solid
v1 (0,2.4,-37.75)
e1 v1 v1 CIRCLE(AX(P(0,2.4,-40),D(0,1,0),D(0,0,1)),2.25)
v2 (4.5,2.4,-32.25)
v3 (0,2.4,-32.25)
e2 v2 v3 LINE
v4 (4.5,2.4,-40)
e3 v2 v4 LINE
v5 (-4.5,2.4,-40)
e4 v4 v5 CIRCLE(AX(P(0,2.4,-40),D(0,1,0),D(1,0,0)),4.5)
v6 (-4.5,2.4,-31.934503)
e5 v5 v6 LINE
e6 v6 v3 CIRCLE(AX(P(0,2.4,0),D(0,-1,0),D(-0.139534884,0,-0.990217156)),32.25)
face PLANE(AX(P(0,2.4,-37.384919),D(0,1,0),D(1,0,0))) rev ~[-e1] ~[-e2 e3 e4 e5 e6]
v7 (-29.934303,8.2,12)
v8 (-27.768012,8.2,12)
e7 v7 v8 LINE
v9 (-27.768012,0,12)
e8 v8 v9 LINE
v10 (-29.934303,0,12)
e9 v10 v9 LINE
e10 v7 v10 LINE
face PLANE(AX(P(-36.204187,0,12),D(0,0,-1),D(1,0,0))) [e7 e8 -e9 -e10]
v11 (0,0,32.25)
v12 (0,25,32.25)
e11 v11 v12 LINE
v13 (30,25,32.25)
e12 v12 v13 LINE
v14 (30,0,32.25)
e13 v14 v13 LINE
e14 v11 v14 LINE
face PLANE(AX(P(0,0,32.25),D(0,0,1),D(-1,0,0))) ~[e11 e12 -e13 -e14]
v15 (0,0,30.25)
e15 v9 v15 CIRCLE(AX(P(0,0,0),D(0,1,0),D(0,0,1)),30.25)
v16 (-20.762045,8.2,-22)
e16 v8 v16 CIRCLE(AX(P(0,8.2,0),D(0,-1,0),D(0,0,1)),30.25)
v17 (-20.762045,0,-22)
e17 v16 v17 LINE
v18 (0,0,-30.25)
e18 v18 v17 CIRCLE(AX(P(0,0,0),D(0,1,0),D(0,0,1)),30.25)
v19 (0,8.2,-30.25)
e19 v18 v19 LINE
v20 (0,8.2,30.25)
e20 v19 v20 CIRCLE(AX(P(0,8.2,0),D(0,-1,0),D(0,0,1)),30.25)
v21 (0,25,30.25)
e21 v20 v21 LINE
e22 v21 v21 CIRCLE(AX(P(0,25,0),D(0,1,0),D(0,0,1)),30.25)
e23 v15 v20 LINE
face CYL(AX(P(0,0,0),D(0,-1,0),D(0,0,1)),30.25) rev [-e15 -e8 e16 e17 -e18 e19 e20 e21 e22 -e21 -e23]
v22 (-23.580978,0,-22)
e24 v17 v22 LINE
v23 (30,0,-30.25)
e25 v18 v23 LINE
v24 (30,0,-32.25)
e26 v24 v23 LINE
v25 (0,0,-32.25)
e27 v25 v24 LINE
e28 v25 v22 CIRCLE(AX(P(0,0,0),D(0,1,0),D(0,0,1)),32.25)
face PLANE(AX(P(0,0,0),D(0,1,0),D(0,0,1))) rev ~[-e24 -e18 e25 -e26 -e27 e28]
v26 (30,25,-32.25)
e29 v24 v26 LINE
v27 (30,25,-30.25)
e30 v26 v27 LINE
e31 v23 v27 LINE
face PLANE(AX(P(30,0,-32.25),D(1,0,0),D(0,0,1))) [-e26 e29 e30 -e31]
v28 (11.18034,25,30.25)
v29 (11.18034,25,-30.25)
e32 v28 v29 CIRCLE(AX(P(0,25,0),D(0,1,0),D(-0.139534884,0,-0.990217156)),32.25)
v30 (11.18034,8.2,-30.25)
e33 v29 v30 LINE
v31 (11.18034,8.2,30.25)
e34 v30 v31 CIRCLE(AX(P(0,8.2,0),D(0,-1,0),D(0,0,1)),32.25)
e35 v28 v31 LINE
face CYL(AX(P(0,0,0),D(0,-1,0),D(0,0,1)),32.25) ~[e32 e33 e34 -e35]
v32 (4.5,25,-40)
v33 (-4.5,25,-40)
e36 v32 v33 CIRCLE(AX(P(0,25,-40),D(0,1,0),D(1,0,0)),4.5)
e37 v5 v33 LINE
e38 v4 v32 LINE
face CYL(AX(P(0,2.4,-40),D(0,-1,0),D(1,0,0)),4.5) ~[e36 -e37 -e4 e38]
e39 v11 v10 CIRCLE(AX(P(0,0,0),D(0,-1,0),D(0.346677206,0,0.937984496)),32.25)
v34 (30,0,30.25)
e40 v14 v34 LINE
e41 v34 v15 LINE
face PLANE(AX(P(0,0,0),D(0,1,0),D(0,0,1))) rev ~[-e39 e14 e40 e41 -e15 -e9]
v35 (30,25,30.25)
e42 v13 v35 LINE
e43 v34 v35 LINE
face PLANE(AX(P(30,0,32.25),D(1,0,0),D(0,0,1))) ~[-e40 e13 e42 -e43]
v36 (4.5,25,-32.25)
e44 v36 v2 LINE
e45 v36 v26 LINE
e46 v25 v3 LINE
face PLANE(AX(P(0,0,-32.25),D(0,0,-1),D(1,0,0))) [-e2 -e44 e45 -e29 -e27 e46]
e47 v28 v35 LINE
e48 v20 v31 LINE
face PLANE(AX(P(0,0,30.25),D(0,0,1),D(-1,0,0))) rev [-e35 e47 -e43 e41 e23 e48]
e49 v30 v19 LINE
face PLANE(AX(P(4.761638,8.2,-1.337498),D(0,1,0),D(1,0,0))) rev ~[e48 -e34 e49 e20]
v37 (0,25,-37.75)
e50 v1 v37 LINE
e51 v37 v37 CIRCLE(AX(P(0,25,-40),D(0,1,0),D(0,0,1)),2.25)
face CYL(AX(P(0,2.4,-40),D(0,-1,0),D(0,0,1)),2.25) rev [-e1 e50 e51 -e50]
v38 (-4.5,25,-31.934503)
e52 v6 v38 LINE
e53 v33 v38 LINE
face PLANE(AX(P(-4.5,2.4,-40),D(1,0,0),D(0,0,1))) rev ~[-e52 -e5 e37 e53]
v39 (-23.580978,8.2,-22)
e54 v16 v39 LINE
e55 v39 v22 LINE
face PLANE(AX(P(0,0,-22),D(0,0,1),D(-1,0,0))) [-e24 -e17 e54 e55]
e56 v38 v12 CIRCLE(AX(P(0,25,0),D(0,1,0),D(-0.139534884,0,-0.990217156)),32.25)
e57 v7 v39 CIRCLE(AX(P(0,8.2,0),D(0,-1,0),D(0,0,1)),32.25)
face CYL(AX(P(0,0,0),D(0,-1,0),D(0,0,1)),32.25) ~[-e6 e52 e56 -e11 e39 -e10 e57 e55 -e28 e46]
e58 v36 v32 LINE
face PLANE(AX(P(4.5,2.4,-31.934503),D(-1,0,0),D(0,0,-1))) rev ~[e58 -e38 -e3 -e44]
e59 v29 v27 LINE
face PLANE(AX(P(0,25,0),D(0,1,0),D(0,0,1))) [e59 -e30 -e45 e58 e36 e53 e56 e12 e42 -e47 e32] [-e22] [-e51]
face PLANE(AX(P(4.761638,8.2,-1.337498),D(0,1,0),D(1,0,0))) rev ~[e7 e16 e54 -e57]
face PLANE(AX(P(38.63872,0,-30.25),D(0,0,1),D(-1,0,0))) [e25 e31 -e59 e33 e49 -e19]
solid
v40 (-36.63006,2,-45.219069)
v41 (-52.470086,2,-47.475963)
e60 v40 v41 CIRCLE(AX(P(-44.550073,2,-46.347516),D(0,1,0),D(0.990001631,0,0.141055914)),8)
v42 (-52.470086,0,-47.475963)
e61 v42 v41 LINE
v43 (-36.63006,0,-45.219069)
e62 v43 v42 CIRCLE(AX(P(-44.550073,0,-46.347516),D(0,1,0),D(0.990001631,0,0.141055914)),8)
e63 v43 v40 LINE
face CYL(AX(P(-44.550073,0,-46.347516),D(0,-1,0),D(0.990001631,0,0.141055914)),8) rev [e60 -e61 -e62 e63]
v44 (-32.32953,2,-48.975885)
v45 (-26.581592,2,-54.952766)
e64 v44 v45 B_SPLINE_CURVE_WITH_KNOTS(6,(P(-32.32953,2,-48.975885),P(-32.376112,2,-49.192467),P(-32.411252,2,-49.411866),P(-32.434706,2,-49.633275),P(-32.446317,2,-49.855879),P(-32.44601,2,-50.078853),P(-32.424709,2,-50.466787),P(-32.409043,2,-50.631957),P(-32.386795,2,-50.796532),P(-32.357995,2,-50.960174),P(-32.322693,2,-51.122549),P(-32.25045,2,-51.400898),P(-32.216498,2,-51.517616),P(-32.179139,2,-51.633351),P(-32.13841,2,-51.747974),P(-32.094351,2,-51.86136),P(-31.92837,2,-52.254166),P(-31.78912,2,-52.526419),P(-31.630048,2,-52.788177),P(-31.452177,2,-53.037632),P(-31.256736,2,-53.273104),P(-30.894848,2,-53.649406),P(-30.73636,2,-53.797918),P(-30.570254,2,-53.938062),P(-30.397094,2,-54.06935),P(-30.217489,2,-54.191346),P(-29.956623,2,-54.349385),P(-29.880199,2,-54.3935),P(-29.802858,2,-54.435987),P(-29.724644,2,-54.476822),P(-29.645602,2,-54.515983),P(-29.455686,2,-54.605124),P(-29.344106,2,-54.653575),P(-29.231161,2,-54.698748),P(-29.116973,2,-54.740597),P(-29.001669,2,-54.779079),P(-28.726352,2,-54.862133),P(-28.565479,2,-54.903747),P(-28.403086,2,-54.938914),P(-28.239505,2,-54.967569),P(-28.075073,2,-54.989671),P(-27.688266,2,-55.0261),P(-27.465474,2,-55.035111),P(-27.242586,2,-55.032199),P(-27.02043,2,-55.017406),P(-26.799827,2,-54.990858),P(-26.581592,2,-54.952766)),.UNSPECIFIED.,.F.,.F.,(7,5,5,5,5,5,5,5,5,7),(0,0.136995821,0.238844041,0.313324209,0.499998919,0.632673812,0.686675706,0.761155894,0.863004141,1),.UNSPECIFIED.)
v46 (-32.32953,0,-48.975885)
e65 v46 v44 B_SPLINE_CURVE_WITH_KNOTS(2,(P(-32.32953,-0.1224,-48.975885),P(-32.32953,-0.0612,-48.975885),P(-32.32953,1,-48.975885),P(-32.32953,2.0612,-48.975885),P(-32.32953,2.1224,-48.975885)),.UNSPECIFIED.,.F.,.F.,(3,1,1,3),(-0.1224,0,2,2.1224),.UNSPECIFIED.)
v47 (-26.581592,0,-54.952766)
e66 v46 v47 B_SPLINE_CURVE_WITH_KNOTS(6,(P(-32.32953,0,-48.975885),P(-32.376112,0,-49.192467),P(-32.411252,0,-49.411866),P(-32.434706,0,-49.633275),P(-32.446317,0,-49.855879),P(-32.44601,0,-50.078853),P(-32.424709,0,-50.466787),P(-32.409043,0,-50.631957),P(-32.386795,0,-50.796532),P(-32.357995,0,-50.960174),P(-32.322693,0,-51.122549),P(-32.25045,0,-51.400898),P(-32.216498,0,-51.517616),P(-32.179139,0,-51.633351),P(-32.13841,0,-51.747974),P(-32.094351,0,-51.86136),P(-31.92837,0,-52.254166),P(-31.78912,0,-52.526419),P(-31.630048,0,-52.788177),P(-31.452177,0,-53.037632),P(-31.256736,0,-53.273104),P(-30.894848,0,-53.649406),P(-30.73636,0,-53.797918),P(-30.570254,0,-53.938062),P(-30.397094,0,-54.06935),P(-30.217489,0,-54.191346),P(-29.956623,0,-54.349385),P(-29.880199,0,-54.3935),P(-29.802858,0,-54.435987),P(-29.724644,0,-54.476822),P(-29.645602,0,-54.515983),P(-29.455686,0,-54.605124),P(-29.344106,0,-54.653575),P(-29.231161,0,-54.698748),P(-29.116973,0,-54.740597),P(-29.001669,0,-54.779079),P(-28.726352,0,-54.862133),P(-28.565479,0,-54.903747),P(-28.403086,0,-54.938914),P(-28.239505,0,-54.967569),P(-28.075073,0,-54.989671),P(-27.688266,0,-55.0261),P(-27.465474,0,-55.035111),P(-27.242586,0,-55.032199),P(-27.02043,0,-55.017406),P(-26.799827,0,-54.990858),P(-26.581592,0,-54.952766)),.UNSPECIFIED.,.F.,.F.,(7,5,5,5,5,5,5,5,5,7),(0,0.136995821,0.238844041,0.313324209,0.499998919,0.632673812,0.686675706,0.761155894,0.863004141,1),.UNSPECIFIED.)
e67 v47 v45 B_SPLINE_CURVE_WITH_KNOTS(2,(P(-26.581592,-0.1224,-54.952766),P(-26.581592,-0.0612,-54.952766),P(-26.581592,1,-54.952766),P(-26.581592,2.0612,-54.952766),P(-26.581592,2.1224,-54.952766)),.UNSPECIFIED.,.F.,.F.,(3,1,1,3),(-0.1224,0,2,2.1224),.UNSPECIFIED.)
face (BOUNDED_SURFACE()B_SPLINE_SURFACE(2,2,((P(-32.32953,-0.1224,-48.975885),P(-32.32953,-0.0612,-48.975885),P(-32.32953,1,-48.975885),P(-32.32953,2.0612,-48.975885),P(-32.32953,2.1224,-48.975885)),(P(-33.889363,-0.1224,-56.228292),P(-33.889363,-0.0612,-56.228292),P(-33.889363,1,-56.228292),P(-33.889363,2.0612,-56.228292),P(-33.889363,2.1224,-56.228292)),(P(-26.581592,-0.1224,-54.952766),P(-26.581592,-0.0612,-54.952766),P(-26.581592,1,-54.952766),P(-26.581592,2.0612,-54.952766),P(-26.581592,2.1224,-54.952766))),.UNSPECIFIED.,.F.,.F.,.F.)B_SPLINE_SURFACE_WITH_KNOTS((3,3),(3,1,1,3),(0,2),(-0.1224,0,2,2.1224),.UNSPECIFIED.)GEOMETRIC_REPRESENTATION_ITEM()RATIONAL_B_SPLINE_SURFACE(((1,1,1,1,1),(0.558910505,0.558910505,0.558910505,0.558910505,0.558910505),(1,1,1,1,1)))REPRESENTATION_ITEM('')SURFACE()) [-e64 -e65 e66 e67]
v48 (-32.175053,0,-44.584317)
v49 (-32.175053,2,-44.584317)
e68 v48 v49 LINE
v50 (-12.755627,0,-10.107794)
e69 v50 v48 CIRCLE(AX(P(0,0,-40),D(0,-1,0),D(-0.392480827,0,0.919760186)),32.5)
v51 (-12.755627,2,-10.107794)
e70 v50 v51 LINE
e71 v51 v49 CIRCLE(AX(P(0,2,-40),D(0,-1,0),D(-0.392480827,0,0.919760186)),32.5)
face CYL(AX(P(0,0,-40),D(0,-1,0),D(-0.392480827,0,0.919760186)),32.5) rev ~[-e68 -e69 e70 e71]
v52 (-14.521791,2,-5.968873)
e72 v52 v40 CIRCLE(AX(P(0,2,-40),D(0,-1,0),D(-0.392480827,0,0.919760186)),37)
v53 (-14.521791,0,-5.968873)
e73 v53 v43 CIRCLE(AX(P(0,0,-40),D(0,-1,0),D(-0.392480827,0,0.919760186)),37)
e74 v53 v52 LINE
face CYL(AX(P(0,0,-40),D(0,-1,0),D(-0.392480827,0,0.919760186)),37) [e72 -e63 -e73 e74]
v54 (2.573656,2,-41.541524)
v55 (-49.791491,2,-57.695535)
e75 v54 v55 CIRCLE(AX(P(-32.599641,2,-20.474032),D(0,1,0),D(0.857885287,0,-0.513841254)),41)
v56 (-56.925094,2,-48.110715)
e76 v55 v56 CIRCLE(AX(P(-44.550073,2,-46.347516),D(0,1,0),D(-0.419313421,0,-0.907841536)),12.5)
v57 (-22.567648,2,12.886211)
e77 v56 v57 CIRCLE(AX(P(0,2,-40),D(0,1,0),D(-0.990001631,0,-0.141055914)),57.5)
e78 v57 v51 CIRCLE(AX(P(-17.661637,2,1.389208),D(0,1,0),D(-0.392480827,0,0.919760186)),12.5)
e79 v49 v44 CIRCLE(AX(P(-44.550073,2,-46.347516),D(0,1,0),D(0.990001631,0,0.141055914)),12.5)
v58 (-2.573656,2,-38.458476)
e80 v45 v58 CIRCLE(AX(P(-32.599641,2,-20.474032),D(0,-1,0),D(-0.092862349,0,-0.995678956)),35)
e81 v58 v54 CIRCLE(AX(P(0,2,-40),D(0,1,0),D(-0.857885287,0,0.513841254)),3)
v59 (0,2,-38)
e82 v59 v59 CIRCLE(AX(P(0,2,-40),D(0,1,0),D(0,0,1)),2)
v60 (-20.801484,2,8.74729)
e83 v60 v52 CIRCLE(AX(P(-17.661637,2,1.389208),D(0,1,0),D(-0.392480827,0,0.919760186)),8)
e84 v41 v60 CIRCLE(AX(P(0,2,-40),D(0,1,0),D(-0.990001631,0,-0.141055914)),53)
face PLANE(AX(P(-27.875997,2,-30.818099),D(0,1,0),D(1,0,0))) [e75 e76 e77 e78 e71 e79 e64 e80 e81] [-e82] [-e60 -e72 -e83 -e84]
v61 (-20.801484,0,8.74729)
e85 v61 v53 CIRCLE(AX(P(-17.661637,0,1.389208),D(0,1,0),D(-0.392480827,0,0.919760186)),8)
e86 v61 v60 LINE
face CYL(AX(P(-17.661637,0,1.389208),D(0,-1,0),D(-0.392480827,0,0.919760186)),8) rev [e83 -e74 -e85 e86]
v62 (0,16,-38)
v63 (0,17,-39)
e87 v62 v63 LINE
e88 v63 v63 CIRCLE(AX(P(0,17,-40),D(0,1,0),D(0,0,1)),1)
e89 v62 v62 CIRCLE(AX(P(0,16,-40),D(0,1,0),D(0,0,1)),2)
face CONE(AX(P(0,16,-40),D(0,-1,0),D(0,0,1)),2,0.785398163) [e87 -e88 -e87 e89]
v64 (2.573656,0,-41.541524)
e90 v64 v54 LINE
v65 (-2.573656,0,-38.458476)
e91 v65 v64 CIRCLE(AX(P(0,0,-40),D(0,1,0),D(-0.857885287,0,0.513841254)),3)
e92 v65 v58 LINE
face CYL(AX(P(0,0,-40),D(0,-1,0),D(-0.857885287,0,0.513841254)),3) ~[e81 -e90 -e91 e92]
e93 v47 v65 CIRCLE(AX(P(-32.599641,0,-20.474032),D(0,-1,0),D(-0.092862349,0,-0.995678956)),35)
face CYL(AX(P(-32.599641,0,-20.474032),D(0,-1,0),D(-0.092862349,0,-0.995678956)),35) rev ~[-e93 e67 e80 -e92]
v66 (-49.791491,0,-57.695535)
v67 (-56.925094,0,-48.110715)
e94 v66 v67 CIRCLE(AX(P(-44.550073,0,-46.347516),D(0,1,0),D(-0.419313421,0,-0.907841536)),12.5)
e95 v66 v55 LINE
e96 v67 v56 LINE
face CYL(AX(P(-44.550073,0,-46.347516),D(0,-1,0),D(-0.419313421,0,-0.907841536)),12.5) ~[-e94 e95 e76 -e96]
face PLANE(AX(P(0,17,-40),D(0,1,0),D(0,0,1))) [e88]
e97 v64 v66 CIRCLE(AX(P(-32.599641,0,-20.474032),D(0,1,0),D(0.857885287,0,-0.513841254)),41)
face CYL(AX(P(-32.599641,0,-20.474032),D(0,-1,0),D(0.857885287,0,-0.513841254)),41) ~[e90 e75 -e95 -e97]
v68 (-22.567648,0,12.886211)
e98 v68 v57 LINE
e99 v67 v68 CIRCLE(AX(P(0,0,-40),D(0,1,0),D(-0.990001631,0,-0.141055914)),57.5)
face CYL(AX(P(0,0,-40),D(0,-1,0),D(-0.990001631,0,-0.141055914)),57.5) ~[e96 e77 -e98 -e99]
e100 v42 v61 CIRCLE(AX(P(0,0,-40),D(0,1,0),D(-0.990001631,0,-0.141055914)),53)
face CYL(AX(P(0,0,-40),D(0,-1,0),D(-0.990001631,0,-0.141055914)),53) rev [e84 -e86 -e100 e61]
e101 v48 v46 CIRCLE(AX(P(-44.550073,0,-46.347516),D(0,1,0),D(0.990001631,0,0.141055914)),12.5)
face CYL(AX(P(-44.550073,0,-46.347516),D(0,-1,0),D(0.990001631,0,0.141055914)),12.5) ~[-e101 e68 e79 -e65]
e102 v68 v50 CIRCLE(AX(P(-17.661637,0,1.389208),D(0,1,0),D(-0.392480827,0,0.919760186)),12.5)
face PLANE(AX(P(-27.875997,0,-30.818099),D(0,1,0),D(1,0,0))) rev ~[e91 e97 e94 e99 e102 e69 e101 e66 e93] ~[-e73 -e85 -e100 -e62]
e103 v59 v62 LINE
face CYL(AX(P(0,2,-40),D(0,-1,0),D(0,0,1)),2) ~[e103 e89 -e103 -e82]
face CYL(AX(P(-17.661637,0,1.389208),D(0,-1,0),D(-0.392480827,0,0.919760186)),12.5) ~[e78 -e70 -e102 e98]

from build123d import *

# Parameters (mm, degrees)
SKETCH1_R           = 32.25
SKETCH1_R_2         = 30.25
BOSS_EXTRUDE1_DEPTH = 25
CUT_EXTRUDE1_DEPTH  = 8.2
BOSS_EXTRUDE2_DEPTH = 2
FILLET1_R           = 5
SKETCH4_R           = 2
BOSS_EXTRUDE3_DEPTH = 15
CHAMFER1_SIZE       = 1
BOSS_EXTRUDE4_START = -22.6
SKETCH5_R           = 2.25
BOSS_EXTRUDE4_DEPTH = 22.6
SKETCH6_W           = 30
SKETCH6_H           = 2
BOSS_EXTRUDE5_DEPTH = 25


with BuildPart() as part:
    # Sketch1 → Boss-Extrude1 (new body)
    with BuildSketch(Plane(origin=(0, 0, 0), x_dir=(1, 0, 0), z_dir=(0, 1, 0))):
        with Locations(Location((0, 0, 0), (0, 0, 270))):
            Circle(SKETCH1_R)
        with Locations(Location((0, 0, 0), (0, 0, 270))):
            Circle(SKETCH1_R_2, mode=Mode.SUBTRACT)
    extrude(amount=BOSS_EXTRUDE1_DEPTH)

    # Sketch2 → Cut-Extrude1 (cut)
    with BuildSketch(Plane(origin=(0, 0, 0), x_dir=(1, 0, 0), z_dir=(0, 1, 0))):
        Polygon((0, -12), (0, -30.25), (38.638720052, -30.25), (38.638720052, 30.25), (0, 30.25), (0, 22), (-36.204186746, 22), (-36.204186746, -12), align=None)
    extrude(amount=CUT_EXTRUDE1_DEPTH, mode=Mode.SUBTRACT)

    # Sketch5 → Boss-Extrude4 (add)
    with BuildSketch(Plane(origin=(0, 25, 0), x_dir=(1, 0, 0), z_dir=(0, 1, 0)).offset(BOSS_EXTRUDE4_START)):
        with BuildLine():
            Line((-4.5, 40), (-4.5, 31.934503284))
            ThreePointArc((-4.5, 31.934503284), (0, 32.25), (4.5, 31.934503284))
            Line((4.5, 31.934503284), (4.5, 40))
            ThreePointArc((4.5, 40), (0, 44.5), (-4.5, 40))
        make_face()
        with Locations(Location((0, 40, 0), (0, 0, 270))):
            Circle(SKETCH5_R, mode=Mode.SUBTRACT)
    extrude(amount=BOSS_EXTRUDE4_DEPTH)

    # Sketch6 → Boss-Extrude5 (add)
    with BuildSketch(Plane.XZ):
        with Locations((15, -31.25)):
            Rectangle(SKETCH6_W, SKETCH6_H)
    boss_extrude5 = extrude(amount=-BOSS_EXTRUDE5_DEPTH)

    # Mirror1: Boss-Extrude5 across plane
    add(boss_extrude5.mirror(Plane.XY))


with BuildPart() as body_2:
    # Sketch3 → Boss-Extrude2 (new body)
    with BuildSketch(Plane(origin=(0, 0, 0), x_dir=(1, 0, 0), z_dir=(0, 1, 0))):
        with BuildLine():
            ThreePointArc((-56.925093776, 48.110715046), (-50.099203776, 11.78086144), (-22.567647546, -12.886210719))
            ThreePointArc((-22.567647546, -12.886210719), (-6.16463488, -6.295218725), (-12.755626874, 10.107793941))
            ThreePointArc((-12.755626874, 10.107793941), (-28.316941264, 24.050052118), (-32.175053004, 44.5843172))
            ThreePointArc((-32.175053004, 44.5843172), (-32.723387933, 50.394676991), (-35.84982313, 55.322795807))
            ThreePointArc((-35.84982313, 55.322795807), (-16.777592276, 51.693621977), (-2.57365586, 38.458476237))
            ThreePointArc((-2.57365586, 38.458476237), (1.541523763, 37.42634414), (2.57365586, 41.541523763))
            ThreePointArc((2.57365586, 41.541523763), (-20.513652026, 59.652200656), (-49.791491149, 57.695535328))
            ThreePointArc((-49.791491149, 57.695535328), (-54.577631328, 53.810630876), (-56.925093776, 48.110715046))
        make_face()
        with BuildLine():
            ThreePointArc((-52.470086437, 47.475963434), (-46.178396524, 13.989315762), (-20.801483825, -8.74728988))
            ThreePointArc((-20.801483825, -8.74728988), (-10.303555719, -4.529055004), (-14.521790595, 5.968873102))
            ThreePointArc((-14.521790595, 5.968873102), (-32.237748516, 21.841597796), (-36.630060343, 45.219068812))
            ThreePointArc((-36.630060343, 45.219068812), (-43.421626079, 54.26752917), (-52.470086437, 47.475963434))
        make_face(mode=Mode.SUBTRACT)
    extrude(amount=BOSS_EXTRUDE2_DEPTH)

    # Fillet1
    fillet1_edges = [body_2.edges().sort_by_distance(p)[0] for p in [
        (-35.84982313, 1, -55.322795807),
    ]]
    fillet(fillet1_edges, radius=FILLET1_R)

    # Sketch4 → Boss-Extrude3 (add)
    with BuildSketch(Plane(origin=(0, 2, 0), x_dir=(1, 0, 0), z_dir=(0, 1, 0))):
        with Locations(Location((0, 40, 0), (0, 0, 270))):
            Circle(SKETCH4_R)
    extrude(amount=BOSS_EXTRUDE3_DEPTH)

    # Chamfer1
    chamfer1_edges = [body_2.edges().sort_by_distance(p)[0] for p in [
        (0, 17, -42),
    ]]
    chamfer(chamfer1_edges, length=CHAMFER1_SIZE)


solid = Compound([part.part, body_2.part])
